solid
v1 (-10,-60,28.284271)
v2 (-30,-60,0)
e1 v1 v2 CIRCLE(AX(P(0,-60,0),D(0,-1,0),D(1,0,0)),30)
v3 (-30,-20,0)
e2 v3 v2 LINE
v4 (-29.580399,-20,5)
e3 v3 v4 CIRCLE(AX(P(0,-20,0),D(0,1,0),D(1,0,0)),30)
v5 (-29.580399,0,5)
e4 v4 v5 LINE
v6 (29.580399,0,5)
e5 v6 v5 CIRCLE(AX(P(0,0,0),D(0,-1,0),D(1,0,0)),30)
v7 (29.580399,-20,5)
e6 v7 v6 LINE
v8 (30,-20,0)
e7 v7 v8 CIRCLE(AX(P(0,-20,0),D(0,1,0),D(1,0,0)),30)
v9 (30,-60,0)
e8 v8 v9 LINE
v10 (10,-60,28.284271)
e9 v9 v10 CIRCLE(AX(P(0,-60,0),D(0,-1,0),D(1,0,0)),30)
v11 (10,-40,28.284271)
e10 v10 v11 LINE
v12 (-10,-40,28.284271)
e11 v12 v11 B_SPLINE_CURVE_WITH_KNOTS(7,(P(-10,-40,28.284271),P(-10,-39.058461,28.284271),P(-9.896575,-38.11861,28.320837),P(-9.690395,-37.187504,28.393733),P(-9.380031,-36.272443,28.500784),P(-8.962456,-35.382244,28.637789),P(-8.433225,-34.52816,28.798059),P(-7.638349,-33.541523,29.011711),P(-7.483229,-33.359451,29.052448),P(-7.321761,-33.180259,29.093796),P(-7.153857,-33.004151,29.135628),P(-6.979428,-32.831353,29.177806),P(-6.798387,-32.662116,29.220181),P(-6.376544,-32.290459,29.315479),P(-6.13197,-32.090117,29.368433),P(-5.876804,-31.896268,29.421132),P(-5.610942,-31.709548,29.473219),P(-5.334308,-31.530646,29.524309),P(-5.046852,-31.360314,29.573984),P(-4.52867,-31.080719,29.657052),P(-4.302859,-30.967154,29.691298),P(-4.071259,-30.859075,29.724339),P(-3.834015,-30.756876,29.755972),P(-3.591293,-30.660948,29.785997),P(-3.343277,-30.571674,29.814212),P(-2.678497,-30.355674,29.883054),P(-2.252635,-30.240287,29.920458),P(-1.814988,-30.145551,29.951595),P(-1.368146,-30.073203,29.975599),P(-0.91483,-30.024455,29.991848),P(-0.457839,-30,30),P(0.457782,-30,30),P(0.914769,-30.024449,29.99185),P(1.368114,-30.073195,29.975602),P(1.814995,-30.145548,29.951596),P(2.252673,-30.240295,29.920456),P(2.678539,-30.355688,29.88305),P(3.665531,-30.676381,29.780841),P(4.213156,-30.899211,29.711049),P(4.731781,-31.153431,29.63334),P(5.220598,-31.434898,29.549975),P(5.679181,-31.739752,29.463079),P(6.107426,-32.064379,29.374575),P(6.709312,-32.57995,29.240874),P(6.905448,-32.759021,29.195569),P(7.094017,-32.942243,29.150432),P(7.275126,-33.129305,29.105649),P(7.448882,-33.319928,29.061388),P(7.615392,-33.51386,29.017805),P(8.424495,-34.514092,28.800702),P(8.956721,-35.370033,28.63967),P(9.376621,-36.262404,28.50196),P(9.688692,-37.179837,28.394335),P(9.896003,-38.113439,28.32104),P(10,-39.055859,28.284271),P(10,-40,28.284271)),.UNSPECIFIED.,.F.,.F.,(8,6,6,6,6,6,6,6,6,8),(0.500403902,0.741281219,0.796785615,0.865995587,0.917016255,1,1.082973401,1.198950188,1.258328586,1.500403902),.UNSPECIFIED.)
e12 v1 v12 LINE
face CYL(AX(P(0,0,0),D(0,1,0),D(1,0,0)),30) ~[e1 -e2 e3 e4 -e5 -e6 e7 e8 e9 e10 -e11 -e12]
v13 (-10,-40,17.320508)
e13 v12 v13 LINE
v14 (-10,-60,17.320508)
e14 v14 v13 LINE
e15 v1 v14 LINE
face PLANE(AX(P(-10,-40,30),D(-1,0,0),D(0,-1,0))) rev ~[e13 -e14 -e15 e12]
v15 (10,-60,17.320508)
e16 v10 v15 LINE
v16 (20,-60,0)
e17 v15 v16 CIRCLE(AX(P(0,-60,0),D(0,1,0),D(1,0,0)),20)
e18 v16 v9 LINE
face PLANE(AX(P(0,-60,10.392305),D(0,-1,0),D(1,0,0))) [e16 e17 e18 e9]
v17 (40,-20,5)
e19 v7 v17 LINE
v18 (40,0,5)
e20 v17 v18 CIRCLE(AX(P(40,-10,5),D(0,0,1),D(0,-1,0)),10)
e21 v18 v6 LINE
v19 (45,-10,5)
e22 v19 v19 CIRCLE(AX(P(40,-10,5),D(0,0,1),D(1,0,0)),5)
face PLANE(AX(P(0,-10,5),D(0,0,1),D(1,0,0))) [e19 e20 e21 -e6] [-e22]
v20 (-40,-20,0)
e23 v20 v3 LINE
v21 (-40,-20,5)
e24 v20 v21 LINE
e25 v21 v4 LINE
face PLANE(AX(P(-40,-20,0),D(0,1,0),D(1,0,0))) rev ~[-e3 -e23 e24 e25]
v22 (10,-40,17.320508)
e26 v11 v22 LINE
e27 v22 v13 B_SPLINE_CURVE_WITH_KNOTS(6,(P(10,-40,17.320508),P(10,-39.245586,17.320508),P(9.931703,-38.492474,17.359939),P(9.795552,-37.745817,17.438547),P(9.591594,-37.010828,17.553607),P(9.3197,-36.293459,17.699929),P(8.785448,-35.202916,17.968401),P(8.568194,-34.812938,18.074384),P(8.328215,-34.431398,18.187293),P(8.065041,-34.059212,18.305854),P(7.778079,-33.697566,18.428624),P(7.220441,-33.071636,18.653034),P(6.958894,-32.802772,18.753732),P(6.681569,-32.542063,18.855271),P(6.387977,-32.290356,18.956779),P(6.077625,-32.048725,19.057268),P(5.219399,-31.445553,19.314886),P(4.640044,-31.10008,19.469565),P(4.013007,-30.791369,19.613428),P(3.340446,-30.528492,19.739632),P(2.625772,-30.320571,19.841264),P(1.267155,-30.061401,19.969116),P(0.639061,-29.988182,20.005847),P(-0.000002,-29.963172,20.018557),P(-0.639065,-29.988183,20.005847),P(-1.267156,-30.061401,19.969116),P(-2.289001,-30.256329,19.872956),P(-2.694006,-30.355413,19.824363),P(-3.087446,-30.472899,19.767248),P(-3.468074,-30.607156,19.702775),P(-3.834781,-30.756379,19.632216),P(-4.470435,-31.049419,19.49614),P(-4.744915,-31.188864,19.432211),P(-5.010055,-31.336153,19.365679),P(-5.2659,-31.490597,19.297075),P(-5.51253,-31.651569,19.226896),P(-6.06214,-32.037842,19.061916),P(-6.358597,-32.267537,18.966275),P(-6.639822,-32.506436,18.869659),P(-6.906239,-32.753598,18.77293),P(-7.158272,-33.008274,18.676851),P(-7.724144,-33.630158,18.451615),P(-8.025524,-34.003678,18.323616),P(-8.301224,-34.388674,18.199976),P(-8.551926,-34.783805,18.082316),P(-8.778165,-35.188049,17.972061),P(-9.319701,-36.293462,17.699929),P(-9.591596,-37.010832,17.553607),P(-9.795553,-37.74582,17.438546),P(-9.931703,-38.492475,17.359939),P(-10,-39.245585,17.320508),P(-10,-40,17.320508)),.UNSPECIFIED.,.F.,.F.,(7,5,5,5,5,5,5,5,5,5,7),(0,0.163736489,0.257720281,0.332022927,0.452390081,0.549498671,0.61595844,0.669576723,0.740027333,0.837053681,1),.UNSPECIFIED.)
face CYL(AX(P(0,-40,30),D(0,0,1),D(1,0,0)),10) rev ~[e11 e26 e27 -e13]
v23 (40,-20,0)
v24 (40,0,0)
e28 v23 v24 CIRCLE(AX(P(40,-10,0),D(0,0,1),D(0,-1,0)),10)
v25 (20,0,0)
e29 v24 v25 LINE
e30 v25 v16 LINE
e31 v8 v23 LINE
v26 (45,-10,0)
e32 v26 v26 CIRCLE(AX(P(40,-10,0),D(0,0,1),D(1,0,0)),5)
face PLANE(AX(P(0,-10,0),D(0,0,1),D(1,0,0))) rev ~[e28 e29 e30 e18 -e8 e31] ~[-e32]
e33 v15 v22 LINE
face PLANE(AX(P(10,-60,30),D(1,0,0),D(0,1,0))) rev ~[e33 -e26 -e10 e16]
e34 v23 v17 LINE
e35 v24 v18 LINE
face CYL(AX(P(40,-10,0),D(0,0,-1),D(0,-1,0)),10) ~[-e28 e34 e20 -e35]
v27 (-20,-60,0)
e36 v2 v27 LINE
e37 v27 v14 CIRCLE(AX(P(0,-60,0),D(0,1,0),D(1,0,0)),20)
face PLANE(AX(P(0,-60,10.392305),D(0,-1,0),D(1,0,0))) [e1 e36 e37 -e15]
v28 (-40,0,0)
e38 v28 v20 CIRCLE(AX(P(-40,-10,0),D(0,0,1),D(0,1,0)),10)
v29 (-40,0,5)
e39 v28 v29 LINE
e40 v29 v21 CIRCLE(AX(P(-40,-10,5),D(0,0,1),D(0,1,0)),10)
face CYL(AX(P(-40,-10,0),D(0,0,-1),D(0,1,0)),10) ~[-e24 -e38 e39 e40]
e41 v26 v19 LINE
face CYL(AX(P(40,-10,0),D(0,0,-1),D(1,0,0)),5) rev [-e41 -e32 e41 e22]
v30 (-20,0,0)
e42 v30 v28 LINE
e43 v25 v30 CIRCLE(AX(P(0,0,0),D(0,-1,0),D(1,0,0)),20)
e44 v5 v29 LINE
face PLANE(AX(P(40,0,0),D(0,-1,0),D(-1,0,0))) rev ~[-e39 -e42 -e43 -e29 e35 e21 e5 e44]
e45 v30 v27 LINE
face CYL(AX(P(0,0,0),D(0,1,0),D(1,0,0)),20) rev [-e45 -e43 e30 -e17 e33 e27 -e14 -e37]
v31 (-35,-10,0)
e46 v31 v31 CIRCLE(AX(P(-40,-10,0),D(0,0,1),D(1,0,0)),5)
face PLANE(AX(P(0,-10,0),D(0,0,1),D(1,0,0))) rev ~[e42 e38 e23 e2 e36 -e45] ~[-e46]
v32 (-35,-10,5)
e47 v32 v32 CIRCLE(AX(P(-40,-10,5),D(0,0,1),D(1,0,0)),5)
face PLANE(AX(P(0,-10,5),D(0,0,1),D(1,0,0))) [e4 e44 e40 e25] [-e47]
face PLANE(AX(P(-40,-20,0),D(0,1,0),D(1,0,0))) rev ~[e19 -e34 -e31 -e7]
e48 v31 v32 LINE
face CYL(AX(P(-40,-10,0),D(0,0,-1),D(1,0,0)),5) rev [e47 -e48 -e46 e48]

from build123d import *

# Parameters (mm, degrees)
F2_DEPTH  = 60
F4_DEPTH  = 5
F6_DEPTH  = 60.001
F9_DEPTH  = 30.001
F10_R     = 5
F11_DEPTH = 5


with BuildPart() as f2:
    # F1 (on Front) → F2 (new body)
    with BuildSketch(Plane.XZ):
        with BuildLine():
            ThreePointArc((30, 0), (0, 30), (-30, 0))
            Line((-30, 0), (30, 0))
        make_face()
    extrude(amount=F2_DEPTH)

    # F3 (on Top) → F4 (join)
    with BuildSketch(Plane.XY):
        with BuildLine():
            Line((40, 0), (-40, 0))
            ThreePointArc((-40, 0), (-50, -10), (-40, -20))
            Line((-40, -20), (40, -20))
            ThreePointArc((40, -20), (50, -10), (40, 0))
        make_face()
    extrude(amount=F4_DEPTH)

    # F5 (on Front) → F6 (cut, through all)
    with BuildSketch(Plane.XZ):
        with BuildLine():
            ThreePointArc((20, 0), (0, 20), (-20, 0))
            Line((-20, 0), (20, 0))
        make_face()
    extrude(amount=F6_DEPTH, mode=Mode.SUBTRACT)

    # F8 (on offset) → F9 (cut, through all)
    with BuildSketch(Plane.XY.offset(30)):
        with BuildLine():
            Line((-10, -60), (0, -60))
            Line((0, -60), (10, -60))
            Line((10, -60), (10, -40))
            ThreePointArc((10, -40), (0, -30), (-10, -40))
            Line((-10, -40), (-10, -60))
        make_face()
    extrude(amount=-F9_DEPTH, mode=Mode.SUBTRACT)

    # F10 (on Top) → F11 (cut, through all)
    with BuildSketch(Plane.XY):
        with Locations((-40, -10)):
            Circle(F10_R)
        with Locations((40, -10)):
            Circle(F10_R)
    extrude(amount=F11_DEPTH, mode=Mode.SUBTRACT)


solid = f2.part
